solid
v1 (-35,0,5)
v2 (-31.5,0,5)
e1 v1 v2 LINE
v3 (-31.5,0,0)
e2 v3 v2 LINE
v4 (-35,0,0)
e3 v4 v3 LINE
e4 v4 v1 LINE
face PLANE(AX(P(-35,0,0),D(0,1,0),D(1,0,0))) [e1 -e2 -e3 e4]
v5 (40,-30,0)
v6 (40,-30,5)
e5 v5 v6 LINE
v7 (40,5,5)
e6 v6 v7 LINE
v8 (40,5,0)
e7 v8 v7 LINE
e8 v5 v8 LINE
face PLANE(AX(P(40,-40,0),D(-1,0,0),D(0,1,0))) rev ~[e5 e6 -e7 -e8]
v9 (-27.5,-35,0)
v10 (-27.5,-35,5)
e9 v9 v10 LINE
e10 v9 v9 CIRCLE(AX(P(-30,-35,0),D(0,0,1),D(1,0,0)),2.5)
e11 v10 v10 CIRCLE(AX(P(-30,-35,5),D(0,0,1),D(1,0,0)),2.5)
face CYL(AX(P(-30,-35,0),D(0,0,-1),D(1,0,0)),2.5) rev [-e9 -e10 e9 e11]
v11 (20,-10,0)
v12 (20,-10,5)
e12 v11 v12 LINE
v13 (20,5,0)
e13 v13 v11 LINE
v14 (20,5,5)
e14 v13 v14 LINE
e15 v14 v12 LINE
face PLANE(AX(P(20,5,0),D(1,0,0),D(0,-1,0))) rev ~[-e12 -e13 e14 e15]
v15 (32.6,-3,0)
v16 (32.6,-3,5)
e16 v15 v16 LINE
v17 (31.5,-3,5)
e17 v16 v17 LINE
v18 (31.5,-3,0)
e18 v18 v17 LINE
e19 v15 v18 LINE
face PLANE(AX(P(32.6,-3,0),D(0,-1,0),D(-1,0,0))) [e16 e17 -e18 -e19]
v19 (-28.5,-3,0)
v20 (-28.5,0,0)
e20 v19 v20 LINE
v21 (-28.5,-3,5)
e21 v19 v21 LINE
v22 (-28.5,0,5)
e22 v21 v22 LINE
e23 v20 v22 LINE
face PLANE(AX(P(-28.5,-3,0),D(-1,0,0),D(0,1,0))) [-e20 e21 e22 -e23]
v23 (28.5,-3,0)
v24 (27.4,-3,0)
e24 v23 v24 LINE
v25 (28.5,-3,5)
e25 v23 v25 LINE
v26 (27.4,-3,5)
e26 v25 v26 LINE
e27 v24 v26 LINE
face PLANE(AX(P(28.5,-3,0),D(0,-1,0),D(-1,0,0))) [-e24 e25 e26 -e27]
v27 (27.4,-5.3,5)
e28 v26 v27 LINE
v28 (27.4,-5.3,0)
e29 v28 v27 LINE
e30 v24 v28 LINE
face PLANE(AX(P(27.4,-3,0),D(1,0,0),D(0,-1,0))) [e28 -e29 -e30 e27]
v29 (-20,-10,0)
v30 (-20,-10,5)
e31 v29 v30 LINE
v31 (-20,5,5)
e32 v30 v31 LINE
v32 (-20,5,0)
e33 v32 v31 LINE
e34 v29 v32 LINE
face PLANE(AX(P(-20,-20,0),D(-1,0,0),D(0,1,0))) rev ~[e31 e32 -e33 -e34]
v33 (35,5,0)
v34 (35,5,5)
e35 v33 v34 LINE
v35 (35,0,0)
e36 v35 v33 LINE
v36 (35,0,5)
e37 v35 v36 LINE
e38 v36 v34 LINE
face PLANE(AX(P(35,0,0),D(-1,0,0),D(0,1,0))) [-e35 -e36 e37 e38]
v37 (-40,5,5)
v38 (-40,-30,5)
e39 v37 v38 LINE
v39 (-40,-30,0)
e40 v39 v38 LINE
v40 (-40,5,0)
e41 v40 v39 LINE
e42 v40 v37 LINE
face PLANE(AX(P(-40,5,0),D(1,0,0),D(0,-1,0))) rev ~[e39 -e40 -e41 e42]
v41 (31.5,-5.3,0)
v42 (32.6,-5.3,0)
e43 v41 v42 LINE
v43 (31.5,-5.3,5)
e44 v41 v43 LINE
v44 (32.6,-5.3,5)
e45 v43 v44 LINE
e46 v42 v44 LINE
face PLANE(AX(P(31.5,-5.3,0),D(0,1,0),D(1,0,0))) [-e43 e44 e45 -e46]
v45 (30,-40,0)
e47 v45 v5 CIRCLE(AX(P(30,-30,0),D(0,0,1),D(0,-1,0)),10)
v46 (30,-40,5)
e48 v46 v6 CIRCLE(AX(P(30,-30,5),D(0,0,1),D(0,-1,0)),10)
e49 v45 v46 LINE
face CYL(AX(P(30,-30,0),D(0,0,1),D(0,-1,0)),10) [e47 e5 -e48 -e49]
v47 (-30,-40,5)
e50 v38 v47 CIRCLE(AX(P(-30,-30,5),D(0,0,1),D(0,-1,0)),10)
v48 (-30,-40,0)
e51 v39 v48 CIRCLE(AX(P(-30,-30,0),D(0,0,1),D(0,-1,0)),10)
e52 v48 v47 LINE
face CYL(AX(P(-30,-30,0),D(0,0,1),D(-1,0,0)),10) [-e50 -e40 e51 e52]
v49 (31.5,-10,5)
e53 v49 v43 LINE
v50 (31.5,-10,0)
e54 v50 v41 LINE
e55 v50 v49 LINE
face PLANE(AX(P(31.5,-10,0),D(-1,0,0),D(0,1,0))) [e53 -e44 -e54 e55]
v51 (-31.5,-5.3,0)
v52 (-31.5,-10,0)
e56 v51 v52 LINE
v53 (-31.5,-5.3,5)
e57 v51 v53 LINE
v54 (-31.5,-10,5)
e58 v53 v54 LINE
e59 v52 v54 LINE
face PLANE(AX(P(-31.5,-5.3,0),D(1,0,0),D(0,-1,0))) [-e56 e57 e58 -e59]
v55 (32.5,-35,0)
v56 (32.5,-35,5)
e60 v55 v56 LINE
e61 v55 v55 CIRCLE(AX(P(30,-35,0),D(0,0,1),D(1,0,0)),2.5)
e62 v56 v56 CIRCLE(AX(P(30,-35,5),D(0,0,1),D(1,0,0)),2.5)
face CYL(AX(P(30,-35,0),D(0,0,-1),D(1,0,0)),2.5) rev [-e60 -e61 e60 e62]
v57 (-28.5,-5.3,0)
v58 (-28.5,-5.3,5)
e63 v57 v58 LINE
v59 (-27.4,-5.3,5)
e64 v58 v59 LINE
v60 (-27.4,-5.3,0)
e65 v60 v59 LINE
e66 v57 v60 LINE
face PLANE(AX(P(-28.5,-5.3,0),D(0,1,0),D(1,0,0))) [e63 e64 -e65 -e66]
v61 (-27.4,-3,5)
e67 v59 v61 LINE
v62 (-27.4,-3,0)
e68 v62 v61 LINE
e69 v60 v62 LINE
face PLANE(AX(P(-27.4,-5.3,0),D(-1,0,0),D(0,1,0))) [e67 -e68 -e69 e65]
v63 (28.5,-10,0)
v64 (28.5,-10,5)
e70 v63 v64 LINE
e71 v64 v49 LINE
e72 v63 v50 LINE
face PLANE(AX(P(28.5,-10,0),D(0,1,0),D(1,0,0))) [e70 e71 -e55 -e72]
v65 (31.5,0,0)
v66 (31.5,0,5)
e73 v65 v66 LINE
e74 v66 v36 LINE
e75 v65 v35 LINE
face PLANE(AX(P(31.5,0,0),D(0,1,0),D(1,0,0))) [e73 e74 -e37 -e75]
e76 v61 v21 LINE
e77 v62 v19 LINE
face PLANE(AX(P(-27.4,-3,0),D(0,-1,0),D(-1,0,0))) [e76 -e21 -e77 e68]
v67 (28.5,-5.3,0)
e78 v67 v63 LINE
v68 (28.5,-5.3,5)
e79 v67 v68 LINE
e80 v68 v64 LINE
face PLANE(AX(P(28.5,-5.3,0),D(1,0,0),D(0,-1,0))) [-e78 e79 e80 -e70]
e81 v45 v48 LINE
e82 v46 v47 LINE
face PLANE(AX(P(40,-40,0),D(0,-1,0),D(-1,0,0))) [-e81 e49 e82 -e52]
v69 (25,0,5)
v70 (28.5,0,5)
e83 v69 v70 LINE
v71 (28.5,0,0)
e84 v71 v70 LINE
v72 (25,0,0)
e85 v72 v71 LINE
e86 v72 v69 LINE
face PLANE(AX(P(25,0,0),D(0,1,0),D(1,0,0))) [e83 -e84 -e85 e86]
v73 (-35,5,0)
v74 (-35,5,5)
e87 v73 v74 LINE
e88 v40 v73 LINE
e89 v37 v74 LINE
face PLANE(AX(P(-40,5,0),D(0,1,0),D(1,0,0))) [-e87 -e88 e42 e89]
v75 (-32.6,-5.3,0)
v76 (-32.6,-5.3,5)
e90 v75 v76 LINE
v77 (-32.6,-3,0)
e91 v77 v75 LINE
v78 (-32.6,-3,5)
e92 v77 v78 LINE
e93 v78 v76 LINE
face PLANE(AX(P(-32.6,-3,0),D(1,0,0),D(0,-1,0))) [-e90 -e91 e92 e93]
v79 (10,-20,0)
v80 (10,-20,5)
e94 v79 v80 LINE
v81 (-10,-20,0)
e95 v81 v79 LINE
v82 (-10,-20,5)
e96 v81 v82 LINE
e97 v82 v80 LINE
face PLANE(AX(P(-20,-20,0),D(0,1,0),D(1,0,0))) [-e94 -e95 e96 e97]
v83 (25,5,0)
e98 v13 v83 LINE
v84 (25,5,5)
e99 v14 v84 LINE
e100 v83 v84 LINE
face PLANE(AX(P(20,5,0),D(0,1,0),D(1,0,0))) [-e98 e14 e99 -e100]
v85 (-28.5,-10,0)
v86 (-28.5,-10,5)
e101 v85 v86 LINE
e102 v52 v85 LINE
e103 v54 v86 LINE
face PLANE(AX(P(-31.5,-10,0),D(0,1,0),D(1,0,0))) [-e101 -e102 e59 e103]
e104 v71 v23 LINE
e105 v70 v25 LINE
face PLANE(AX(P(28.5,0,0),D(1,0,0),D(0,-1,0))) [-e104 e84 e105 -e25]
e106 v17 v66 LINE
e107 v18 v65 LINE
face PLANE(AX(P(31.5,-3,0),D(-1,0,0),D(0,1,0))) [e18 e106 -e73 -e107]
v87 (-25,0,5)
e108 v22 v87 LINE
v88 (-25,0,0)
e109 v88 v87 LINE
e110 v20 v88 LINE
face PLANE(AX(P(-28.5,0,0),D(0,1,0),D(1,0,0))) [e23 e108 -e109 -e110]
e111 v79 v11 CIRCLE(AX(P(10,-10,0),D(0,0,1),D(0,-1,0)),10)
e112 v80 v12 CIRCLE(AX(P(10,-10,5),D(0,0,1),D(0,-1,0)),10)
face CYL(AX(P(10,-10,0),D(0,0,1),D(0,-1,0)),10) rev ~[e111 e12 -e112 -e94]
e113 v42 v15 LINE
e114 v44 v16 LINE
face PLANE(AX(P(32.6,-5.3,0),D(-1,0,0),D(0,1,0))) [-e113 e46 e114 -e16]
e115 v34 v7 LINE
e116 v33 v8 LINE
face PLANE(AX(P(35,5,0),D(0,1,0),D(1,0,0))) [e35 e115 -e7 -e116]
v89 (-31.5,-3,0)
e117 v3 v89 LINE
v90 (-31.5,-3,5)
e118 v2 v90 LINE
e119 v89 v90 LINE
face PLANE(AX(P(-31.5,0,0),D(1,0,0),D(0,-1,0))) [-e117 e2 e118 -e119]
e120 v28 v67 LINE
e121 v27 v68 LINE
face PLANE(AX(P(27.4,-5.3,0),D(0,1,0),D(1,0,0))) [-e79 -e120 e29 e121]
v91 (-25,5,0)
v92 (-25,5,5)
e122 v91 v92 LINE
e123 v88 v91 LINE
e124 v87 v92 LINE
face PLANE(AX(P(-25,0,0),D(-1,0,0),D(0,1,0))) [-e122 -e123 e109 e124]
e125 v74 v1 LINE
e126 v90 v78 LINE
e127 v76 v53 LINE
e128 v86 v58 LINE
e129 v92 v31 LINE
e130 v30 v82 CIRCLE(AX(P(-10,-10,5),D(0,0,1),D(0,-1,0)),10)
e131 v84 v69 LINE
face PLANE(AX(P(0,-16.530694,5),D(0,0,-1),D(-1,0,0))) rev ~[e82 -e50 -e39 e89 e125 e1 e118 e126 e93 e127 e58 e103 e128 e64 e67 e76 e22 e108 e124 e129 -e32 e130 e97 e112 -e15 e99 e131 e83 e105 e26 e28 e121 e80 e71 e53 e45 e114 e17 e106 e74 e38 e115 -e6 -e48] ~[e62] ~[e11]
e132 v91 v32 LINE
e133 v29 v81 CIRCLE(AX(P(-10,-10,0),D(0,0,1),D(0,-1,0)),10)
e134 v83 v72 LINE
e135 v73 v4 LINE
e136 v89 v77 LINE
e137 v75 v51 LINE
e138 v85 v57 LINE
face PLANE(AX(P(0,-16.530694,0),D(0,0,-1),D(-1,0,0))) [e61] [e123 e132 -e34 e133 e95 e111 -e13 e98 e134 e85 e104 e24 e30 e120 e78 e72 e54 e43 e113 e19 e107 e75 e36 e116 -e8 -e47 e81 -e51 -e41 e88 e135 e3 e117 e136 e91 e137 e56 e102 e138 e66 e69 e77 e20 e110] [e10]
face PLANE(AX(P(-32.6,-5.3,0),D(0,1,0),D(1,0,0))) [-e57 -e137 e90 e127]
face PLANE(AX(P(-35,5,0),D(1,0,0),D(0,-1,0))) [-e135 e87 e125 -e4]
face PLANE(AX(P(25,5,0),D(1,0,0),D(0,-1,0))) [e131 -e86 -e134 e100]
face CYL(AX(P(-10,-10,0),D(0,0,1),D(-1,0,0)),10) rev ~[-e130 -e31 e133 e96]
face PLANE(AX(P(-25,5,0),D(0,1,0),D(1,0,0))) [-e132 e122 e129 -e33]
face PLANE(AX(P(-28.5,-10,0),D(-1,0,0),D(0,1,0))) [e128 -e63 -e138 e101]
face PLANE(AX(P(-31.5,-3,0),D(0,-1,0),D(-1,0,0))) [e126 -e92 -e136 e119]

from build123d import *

# Parameters (mm, degrees)
ESQUISSE1_R        = 2.5
BOSS_EXTRU_1_DEPTH = 5
CONG_1_R           = 10


with BuildPart() as part:
    # Esquisse1 → Boss.-Extru.1 (new body)
    with BuildSketch(Plane.XY):
        Polygon((-31.5, -3), (-32.6, -3), (-32.6, -5.3), (-31.5, -5.3), (-31.5, -10), (-28.5, -10), (-28.5, -5.3), (-27.4, -5.3), (-27.4, -3), (-28.5, -3), (-28.5, 0), (-25, 0), (-25, 5), (-20, 5), (-20, 0), (-20, -20), (20, -20), (20, 0), (20, 5), (25, 5), (25, 0), (28.5, 0), (28.5, -3), (27.4, -3), (27.4, -5.3), (28.5, -5.3), (28.5, -10), (31.5, -10), (31.5, -5.3), (32.6, -5.3), (32.6, -3), (31.5, -3), (31.5, 0), (35, 0), (35, 5), (40, 5), (40, 0), (40, -40), (-40, -40), (-40, 0), (-40, 5), (-35, 5), (-35, 0), (-31.5, 0), align=None)
        with Locations((30, -35)):
            Circle(ESQUISSE1_R, mode=Mode.SUBTRACT)
        with Locations((-30, -35)):
            Circle(ESQUISSE1_R, mode=Mode.SUBTRACT)
    extrude(amount=BOSS_EXTRU_1_DEPTH)

    # Congé1
    cong_1_edges = [part.edges().sort_by_distance(p)[0] for p in [
        (-20, -20, 2.5),
        (20, -20, 2.5),
        (40, -40, 2.5),
        (-40, -40, 2.5),
    ]]
    fillet(cong_1_edges, radius=CONG_1_R)


solid = part.part
